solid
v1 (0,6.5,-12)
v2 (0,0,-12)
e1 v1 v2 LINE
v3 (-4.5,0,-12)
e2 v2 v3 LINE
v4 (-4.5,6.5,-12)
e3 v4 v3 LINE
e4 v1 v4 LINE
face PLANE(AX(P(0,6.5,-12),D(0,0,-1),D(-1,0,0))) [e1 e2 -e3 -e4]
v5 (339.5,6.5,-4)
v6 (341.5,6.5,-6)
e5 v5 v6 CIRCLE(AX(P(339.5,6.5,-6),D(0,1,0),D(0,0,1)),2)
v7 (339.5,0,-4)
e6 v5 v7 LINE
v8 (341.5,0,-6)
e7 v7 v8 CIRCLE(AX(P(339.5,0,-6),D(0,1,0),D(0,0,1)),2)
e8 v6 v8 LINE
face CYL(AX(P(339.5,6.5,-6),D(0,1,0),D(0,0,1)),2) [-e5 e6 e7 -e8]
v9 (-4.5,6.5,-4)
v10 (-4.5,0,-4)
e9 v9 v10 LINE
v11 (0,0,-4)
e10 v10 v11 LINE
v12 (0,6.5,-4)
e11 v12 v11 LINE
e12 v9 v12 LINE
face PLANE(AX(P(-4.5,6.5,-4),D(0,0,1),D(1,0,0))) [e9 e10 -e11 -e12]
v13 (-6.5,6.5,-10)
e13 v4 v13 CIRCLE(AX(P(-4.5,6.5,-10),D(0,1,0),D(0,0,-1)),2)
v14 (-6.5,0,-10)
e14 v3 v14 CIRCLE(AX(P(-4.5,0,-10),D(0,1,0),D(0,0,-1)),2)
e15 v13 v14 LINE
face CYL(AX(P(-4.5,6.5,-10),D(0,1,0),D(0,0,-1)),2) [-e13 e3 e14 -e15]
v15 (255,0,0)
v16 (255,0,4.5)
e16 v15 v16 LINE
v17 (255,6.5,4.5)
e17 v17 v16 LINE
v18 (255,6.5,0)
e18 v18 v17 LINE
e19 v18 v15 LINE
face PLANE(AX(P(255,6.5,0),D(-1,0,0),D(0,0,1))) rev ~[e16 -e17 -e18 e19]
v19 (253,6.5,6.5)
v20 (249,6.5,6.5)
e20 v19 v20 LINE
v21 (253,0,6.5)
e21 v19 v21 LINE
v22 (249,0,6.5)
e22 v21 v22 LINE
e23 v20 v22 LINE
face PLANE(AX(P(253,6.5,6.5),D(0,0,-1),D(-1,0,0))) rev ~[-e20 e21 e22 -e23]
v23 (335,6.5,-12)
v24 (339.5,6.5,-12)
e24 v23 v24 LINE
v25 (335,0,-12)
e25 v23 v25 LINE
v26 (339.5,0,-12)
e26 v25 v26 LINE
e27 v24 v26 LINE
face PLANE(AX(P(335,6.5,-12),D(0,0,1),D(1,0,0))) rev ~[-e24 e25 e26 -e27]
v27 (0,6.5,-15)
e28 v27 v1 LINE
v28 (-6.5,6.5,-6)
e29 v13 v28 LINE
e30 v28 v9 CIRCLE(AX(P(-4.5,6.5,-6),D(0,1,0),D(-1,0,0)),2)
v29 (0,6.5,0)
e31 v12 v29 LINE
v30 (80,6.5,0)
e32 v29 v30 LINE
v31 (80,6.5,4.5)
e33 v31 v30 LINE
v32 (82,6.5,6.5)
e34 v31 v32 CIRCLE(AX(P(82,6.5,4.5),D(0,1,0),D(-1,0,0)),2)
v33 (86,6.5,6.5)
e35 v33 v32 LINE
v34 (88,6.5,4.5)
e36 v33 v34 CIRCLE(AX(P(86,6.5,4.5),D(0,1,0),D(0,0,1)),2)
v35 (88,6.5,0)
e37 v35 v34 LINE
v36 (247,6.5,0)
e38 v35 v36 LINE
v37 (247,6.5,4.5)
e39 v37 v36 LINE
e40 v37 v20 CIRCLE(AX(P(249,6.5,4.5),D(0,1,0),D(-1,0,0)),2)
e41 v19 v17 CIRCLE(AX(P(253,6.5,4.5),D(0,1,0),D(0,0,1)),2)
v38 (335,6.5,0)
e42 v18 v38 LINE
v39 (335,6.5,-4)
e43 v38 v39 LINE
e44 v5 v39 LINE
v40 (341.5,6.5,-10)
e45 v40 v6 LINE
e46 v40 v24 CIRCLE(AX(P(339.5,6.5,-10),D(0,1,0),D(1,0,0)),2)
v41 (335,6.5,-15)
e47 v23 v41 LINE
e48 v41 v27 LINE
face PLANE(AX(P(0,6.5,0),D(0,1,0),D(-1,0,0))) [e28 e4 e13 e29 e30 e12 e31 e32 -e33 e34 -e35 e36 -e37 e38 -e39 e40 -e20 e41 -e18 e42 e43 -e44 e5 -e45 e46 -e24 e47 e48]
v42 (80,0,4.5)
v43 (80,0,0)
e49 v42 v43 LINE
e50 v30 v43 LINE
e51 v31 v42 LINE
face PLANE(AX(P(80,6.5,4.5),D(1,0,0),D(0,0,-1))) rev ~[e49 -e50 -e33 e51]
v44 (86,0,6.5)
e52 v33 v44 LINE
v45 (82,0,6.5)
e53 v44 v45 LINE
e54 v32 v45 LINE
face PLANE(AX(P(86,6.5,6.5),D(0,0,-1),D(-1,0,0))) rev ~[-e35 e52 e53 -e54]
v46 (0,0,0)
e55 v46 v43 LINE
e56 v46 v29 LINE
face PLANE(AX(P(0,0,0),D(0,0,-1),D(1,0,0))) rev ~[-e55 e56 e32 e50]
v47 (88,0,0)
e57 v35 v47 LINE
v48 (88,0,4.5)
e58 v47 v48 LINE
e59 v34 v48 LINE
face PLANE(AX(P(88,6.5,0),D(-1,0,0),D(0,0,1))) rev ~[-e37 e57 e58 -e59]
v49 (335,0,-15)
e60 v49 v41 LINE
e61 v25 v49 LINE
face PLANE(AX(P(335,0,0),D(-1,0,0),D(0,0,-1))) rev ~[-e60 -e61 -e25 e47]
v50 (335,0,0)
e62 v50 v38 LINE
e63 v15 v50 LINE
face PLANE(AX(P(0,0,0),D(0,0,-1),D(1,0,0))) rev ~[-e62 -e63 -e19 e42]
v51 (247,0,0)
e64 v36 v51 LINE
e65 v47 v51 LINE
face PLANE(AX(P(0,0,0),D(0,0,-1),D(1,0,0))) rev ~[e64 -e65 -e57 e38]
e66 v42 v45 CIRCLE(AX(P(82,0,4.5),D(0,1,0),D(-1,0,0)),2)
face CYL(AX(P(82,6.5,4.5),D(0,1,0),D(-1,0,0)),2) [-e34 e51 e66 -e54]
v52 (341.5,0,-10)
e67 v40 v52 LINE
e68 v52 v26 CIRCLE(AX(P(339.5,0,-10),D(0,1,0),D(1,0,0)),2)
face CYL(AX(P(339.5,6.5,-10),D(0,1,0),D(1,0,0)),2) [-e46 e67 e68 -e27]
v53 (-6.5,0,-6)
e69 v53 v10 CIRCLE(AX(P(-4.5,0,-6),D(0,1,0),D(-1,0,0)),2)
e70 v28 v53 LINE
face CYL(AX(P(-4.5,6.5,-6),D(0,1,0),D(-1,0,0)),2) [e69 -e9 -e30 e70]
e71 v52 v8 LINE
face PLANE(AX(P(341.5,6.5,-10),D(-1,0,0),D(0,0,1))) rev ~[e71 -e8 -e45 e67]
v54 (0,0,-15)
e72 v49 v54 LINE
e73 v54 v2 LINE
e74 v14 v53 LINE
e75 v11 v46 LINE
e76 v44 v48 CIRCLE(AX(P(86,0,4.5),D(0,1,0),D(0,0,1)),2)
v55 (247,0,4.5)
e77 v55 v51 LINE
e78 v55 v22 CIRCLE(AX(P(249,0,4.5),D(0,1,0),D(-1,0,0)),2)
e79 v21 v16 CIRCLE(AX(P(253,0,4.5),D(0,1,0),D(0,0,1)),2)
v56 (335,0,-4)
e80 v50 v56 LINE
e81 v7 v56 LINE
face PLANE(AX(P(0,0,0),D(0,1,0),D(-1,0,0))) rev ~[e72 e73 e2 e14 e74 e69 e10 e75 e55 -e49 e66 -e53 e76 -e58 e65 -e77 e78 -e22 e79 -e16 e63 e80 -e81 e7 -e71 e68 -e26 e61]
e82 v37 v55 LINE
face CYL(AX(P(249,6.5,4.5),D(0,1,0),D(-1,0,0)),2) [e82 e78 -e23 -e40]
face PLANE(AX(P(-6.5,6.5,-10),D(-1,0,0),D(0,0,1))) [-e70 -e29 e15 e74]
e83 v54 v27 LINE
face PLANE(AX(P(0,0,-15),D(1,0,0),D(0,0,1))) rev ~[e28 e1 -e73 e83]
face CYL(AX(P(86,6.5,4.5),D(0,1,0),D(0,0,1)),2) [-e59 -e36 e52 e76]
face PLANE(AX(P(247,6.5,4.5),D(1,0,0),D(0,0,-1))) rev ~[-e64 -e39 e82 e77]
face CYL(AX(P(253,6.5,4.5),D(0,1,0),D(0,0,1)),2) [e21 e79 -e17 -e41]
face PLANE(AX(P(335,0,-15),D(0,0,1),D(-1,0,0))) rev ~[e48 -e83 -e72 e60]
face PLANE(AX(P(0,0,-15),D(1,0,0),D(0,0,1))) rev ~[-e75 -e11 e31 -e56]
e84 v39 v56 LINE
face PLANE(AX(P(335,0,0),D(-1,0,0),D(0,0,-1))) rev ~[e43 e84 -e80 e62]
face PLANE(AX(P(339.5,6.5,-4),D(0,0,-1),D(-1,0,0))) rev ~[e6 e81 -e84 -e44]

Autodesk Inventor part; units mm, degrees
ref_plane "YZ Plane" through (0, 0, 0) normal (1, 0, 0) x (0, 1, 0)
ref_plane "XZ Plane" through (0, 0, 0) normal (0, 1, 0) x (-1, 0, 0)
ref_plane "XY Plane" through (0, 0, 0) normal (0, 0, 1) x (1, 0, 0)
sketch "Sketch1" plane through (0, 0, 0) normal (0, 1, 0) x (-1, 0, 0)
  line L0 (0, 0) -> (-335, 0)
  line L1 (-335, 0) -> (-335, -15)
  line L2 (-335, -15) -> (0, -15)
  line L3 (0, -15) -> (0, 0)
  dimension "d0" = 15
  dimension "d1" = 335
extrude "Extrusion1" add sketch "Sketch1" along normal blind 6.5
sketch "Sketch2" plane through (0, 6.5, 0) normal (0, 1, 0) x (1, 0, 0)
  line L0 (0, 0) -> (335, 0) projected
  line L1 (335, 0) -> (335, 15) projected
  line L2 (0, 15) -> (0, 0) projected
  line L3 (0, 12) -> (-4.5, 12)
  line L4 (-6.5, 10) -> (-6.5, 6)
  line L5 (-4.5, 4) -> (0, 4)
  line L6 (0, 4) -> (0, 12)
  line L7 (335, 12) -> (339.5, 12)
  line L8 (341.5, 10) -> (341.5, 6)
  line L9 (339.5, 4) -> (335, 4)
  line L10 (335, 4) -> (335, 12)
  line L11 (80, 0) -> (88, 0)
  line L12 (88, 0) -> (88, -4.5)
  line L13 (86, -6.5) -> (82, -6.5)
  line L14 (80, -4.5) -> (80, 0)
  line L15 (247, 0) -> (255, 0)
  line L16 (255, 0) -> (255, -4.5)
  line L17 (253, -6.5) -> (249, -6.5)
  line L18 (247, -4.5) -> (247, 0)
  arc A0 (-4.5, 12) -> (-6.5, 10) centre (-4.5, 10) ccw
  arc A1 (-6.5, 6) -> (-4.5, 4) centre (-4.5, 6) ccw
  arc A2 (80, -4.5) -> (82, -6.5) centre (82, -4.5) ccw
  arc A3 (86, -6.5) -> (88, -4.5) centre (86, -4.5) ccw
  arc A4 (247, -4.5) -> (249, -6.5) centre (249, -4.5) ccw
  arc A5 (253, -6.5) -> (255, -4.5) centre (253, -4.5) ccw
  arc A6 (339.5, 4) -> (341.5, 6) centre (339.5, 6) ccw
  arc A7 (341.5, 10) -> (339.5, 12) centre (339.5, 10) ccw
  dimension "d4" = 2
  dimension "d5" = 8
  dimension "d6" = 8
  dimension "d7" = 8
  dimension "d8" = 8
  dimension "d9" = 6.5
  dimension "d10" = 6.5
  dimension "d11" = 6.5
  dimension "d12" = 4
  dimension "d13" = 80
  dimension "d14" = 80
extrude "Extrusion2" add sketch "Sketch2" against normal blind 6.5
equation "\"d6\" = d5"
equation "\"d7\" = d6"
equation "\"d8\" = d7"
equation "\"d10\" = d9"
equation "\"d11\" = d9"
equation "\"d14\" = d13"
properties part number "front_upper_brace"
